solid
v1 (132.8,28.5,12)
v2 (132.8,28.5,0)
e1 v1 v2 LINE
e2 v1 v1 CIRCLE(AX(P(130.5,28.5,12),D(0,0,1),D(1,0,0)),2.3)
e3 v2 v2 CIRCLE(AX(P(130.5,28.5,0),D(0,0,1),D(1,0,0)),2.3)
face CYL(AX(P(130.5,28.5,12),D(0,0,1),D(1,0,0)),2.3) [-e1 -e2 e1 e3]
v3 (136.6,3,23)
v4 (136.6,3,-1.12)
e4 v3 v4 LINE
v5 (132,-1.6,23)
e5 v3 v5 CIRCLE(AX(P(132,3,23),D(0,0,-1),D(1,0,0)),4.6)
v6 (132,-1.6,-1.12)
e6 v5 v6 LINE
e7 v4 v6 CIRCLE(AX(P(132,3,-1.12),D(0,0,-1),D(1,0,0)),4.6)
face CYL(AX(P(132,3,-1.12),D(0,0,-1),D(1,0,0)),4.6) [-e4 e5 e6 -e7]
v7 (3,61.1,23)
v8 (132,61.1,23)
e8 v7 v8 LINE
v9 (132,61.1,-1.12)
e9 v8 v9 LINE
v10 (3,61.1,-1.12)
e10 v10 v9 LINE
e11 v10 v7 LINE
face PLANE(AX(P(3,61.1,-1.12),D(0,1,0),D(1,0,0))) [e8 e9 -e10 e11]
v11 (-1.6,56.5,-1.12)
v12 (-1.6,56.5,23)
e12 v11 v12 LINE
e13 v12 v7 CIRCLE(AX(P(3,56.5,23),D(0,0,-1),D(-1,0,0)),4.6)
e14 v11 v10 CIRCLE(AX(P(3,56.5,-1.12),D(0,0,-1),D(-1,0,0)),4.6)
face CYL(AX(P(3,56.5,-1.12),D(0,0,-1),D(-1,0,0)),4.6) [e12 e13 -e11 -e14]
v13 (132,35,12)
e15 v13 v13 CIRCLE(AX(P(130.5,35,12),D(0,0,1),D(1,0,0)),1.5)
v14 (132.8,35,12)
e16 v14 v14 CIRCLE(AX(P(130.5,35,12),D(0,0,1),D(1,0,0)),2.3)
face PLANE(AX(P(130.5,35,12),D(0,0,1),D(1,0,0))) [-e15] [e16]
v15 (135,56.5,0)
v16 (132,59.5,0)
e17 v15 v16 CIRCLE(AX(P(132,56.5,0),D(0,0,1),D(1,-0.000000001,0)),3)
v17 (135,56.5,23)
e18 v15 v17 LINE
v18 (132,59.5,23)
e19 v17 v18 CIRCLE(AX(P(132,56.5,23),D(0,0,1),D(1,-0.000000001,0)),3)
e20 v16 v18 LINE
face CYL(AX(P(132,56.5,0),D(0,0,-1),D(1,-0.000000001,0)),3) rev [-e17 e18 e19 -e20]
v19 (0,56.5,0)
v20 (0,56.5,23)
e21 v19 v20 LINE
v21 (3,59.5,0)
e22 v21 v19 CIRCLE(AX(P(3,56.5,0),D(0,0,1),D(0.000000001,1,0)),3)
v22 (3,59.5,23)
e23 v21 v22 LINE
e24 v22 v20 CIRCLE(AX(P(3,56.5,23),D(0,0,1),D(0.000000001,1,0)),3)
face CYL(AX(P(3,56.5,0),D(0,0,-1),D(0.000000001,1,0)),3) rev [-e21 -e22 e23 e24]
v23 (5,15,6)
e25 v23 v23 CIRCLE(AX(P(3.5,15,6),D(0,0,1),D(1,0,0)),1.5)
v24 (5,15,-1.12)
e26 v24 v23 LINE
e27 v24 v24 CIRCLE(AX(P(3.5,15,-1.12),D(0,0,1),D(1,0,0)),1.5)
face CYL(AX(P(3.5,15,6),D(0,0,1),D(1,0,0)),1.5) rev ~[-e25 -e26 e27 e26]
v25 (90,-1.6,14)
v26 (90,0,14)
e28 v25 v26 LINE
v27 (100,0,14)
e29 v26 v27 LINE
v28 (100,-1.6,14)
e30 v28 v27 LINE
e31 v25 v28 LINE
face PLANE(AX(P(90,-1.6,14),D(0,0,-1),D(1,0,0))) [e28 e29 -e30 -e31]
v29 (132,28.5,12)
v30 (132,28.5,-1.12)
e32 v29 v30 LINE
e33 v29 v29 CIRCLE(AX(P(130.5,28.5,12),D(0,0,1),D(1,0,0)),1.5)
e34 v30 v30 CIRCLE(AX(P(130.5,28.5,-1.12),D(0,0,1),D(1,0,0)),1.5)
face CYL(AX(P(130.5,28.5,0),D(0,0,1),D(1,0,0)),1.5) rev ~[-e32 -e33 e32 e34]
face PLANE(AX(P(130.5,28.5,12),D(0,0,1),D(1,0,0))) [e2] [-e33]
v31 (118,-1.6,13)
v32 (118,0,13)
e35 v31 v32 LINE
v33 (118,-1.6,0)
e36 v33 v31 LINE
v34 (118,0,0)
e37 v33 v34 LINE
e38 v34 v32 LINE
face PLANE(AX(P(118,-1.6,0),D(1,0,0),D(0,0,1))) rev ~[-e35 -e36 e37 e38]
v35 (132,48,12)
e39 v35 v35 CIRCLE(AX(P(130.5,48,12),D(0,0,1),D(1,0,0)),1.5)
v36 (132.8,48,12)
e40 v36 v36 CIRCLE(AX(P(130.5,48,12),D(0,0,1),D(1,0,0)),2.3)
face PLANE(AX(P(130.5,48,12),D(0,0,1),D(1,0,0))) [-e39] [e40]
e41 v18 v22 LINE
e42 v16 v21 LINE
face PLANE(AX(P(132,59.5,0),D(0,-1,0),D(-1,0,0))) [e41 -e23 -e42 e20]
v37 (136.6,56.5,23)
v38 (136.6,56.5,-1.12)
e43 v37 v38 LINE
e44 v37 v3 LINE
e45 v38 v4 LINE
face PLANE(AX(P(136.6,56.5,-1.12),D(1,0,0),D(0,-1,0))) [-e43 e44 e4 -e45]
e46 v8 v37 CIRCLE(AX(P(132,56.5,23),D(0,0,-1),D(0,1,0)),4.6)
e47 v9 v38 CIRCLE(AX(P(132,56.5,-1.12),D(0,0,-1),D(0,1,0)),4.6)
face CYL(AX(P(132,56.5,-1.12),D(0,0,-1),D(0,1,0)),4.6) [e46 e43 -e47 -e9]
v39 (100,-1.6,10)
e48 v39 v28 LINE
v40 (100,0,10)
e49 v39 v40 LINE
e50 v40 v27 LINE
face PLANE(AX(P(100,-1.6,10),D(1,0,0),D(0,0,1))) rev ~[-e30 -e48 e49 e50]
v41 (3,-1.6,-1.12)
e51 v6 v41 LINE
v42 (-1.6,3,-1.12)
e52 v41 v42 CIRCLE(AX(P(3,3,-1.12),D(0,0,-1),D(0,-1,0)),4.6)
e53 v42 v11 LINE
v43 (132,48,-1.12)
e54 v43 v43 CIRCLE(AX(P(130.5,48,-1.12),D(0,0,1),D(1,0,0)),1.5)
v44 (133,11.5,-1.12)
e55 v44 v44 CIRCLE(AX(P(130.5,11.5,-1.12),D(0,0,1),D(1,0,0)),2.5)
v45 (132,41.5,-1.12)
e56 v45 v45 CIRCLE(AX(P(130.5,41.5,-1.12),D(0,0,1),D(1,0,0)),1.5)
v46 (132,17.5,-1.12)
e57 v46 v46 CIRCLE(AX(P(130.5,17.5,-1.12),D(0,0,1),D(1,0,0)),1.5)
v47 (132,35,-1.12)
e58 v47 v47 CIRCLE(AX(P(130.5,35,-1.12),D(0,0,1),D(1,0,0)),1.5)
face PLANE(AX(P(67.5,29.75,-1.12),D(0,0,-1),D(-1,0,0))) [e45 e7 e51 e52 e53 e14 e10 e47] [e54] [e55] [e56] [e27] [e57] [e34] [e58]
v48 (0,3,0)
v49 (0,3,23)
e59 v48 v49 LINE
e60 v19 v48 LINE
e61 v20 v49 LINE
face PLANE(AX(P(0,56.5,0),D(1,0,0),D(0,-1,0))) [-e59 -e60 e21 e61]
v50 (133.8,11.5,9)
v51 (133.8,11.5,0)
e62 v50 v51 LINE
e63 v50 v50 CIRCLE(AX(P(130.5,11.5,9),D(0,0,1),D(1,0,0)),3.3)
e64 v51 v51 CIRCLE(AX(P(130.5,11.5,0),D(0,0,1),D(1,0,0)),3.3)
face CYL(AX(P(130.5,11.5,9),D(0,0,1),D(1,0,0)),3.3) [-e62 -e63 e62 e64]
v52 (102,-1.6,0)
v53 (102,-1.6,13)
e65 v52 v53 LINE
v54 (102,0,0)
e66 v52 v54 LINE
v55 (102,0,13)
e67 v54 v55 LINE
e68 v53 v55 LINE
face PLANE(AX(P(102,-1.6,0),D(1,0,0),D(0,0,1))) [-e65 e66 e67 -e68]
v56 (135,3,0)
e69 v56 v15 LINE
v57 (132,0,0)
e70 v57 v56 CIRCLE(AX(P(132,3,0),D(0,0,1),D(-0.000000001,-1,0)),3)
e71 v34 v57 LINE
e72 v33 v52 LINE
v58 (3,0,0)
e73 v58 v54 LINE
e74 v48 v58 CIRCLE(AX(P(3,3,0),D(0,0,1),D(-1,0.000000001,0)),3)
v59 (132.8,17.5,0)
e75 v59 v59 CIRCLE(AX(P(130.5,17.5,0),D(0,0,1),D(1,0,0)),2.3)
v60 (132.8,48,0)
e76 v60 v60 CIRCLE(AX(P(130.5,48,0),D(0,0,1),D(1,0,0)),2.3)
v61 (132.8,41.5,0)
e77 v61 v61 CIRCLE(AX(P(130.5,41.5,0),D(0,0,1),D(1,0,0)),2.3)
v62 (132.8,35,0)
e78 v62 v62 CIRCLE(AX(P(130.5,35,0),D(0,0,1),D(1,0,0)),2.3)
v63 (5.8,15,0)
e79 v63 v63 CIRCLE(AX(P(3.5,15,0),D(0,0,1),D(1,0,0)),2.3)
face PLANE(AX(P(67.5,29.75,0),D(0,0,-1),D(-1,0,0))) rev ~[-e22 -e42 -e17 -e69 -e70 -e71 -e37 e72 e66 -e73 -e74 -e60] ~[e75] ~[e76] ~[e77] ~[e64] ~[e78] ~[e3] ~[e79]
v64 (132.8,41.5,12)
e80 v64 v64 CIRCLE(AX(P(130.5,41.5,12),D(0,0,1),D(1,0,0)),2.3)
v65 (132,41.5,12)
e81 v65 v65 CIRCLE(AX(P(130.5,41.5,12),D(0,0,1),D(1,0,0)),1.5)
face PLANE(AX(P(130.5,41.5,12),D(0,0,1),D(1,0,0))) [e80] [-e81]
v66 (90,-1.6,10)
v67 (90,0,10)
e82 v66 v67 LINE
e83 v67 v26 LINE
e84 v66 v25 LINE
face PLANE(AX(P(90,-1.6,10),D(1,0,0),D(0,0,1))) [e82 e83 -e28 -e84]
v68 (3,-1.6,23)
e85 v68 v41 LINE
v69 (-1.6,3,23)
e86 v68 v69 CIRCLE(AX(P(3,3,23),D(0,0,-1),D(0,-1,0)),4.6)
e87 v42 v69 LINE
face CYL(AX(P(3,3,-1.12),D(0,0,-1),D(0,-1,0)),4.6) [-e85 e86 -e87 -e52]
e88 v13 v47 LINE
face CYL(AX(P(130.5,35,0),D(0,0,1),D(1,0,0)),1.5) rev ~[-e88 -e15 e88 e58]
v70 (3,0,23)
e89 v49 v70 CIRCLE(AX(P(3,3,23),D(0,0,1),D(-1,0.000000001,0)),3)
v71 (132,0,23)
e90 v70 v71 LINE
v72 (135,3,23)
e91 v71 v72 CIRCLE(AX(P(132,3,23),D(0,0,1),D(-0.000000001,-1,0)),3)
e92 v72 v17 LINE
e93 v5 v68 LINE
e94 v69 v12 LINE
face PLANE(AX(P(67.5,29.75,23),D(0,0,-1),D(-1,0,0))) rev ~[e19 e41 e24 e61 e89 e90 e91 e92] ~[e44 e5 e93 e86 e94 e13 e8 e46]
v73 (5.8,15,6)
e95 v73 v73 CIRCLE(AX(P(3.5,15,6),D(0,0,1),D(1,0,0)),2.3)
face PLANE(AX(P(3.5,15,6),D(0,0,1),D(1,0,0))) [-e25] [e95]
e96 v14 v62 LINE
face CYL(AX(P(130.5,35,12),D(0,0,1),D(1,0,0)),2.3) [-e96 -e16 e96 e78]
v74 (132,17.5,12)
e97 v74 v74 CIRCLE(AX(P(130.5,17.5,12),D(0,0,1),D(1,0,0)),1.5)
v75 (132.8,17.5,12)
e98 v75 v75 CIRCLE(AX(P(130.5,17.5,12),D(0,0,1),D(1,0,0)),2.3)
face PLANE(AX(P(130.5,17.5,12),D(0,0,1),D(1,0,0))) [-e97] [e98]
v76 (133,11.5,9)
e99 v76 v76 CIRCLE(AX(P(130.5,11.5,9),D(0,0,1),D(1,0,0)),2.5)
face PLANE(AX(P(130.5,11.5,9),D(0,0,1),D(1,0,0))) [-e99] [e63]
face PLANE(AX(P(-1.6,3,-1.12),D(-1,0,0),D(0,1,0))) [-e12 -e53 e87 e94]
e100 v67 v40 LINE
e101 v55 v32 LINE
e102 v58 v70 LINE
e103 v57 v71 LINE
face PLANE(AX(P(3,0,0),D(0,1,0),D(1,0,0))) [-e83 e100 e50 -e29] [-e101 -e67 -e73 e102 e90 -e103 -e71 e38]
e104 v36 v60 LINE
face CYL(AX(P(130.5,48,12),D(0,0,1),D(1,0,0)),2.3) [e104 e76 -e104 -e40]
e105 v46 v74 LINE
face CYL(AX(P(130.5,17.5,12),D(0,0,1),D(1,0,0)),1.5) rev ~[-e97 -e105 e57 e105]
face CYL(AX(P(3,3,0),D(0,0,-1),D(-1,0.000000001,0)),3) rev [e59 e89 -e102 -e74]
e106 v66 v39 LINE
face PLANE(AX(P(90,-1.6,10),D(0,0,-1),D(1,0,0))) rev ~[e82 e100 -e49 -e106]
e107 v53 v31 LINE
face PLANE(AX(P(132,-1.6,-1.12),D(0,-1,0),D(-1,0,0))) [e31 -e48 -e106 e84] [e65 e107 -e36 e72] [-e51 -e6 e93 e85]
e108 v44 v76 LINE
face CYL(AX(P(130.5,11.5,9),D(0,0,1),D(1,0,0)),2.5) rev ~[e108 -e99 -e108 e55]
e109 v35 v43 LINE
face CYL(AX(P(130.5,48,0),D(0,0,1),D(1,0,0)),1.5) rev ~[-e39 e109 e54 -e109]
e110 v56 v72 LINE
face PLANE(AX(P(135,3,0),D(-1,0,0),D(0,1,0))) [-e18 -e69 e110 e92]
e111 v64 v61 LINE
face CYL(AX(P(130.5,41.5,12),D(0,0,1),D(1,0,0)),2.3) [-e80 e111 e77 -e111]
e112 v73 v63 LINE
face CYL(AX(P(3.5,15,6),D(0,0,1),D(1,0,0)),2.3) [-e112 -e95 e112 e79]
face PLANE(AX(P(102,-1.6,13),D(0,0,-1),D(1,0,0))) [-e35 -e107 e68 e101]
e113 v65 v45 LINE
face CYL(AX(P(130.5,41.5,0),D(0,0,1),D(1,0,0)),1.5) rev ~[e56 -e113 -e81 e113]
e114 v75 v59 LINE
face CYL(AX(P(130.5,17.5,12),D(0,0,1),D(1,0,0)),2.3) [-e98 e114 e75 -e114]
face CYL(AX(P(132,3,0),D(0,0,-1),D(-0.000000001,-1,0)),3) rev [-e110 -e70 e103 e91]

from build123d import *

# Parameters (mm, degrees)
PARED_DEPTH             = 23
CONECTORES_REACH        = 154.052
CROQUIS2_W              = 16
CROQUIS2_H              = 13
CROQUIS2_W_2            = 10
CROQUIS2_H_2            = 4
BASE_START              = -1.12
BASE_FRENTE_DEPTH       = 1.12
LUCES_REACH             = 153.399
CROQUIS3_R              = 1.5
CROQUIS3_R_2            = 2.5
SALIENTE_EXTRUIR1_START = 12
CROQUIS3_3_R            = 2.3
CROQUIS3_3_R_2          = 1.5
SALIENTE_EXTRUIR1_DEPTH = 12
SALIENTE_EXTRUIR2_START = 9
CROQUIS3_4_R            = 3.3
CROQUIS3_4_R_2          = 2.5
SALIENTE_EXTRUIR2_DEPTH = 9
SALIENTE_EXTRUIR3_START = 6
CROQUIS3_5_R            = 2.3
CROQUIS3_5_R_2          = 1.5
SALIENTE_EXTRUIR3_DEPTH = 6


with BuildPart() as part:
    # Croquis1 → pared (new body)
    with BuildSketch(Plane.XY):
        with BuildLine():
            Line((3, 61.1), (132, 61.1))
            ThreePointArc((132, 61.1), (135.252691193, 59.752691193), (136.6, 56.5))
            Line((136.6, 56.5), (136.6, 3))
            ThreePointArc((136.6, 3), (135.252691193, -0.252691193), (132, -1.6))
            Line((132, -1.6), (3, -1.6))
            ThreePointArc((3, -1.6), (-0.252691193, -0.252691193), (-1.6, 3))
            Line((-1.6, 3), (-1.6, 56.5))
            ThreePointArc((-1.6, 56.5), (-0.252691193, 59.752691193), (3, 61.1))
        make_face()
        with BuildLine():
            Line((3, 0), (132, 0))
            ThreePointArc((132, 0), (134.121320344, 0.878679656), (135, 3))
            Line((135, 3), (135, 56.5))
            ThreePointArc((135, 56.5), (134.121320344, 58.621320344), (132, 59.5))
            Line((132, 59.5), (3, 59.5))
            ThreePointArc((3, 59.5), (0.878679656, 58.621320344), (0, 56.5))
            Line((0, 56.5), (0, 3))
            ThreePointArc((0, 3), (0.878679656, 0.878679656), (3, 0))
        make_face(mode=Mode.SUBTRACT)
    extrude(amount=PARED_DEPTH)

    # Croquis2 → conectores (cut, up to next)
    with BuildSketch(Plane.XZ.offset(1.6), mode=Mode.PRIVATE) as conectores_sk1:
        with Locations((110, 6.5)):
            Rectangle(CROQUIS2_W, CROQUIS2_H)
    conectores_tool1 = extrude(conectores_sk1.sketch, amount=-CONECTORES_REACH, mode=Mode.PRIVATE) & part.part
    # Croquis2 → conectores (cut, up to next)
    with BuildSketch(Plane.XZ.offset(1.6), mode=Mode.PRIVATE) as conectores_sk2:
        with Locations((95, 12)):
            Rectangle(CROQUIS2_W_2, CROQUIS2_H_2)
    conectores_tool2 = extrude(conectores_sk2.sketch, amount=-CONECTORES_REACH, mode=Mode.PRIVATE) & part.part
    add(conectores_tool1.solids().sort_by_distance((110, -1.6, 6.5))[0], mode=Mode.SUBTRACT)
    add(conectores_tool2.solids().sort_by_distance((95, -1.6, 12))[0], mode=Mode.SUBTRACT)

    # Croquis1<2> → base frente (add)
    with BuildSketch(Plane.XY.offset(BASE_START)):
        with BuildLine():
            Line((3, 61.1), (132, 61.1))
            ThreePointArc((132, 61.1), (135.252691193, 59.752691193), (136.6, 56.5))
            Line((136.6, 56.5), (136.6, 3))
            ThreePointArc((136.6, 3), (135.252691193, -0.252691193), (132, -1.6))
            Line((132, -1.6), (3, -1.6))
            ThreePointArc((3, -1.6), (-0.252691193, -0.252691193), (-1.6, 3))
            Line((-1.6, 3), (-1.6, 56.5))
            ThreePointArc((-1.6, 56.5), (-0.252691193, 59.752691193), (3, 61.1))
        make_face()
    extrude(amount=BASE_FRENTE_DEPTH)

    # Croquis3 → luces (cut, up to next)
    with BuildSketch(Plane.XY, mode=Mode.PRIVATE) as luces_sk1:
        with Locations((130.5, 48)):
            Circle(CROQUIS3_R)
    luces_tool1 = extrude(luces_sk1.sketch, amount=-LUCES_REACH, mode=Mode.PRIVATE) & part.part
    # Croquis3 → luces (cut, up to next)
    with BuildSketch(Plane.XY, mode=Mode.PRIVATE) as luces_sk2:
        with Locations((130.5, 41.5)):
            Circle(CROQUIS3_R)
    luces_tool2 = extrude(luces_sk2.sketch, amount=-LUCES_REACH, mode=Mode.PRIVATE) & part.part
    # Croquis3 → luces (cut, up to next)
    with BuildSketch(Plane.XY, mode=Mode.PRIVATE) as luces_sk3:
        with Locations((130.5, 35)):
            Circle(CROQUIS3_R)
    luces_tool3 = extrude(luces_sk3.sketch, amount=-LUCES_REACH, mode=Mode.PRIVATE) & part.part
    # Croquis3 → luces (cut, up to next)
    with BuildSketch(Plane.XY, mode=Mode.PRIVATE) as luces_sk4:
        with Locations((130.5, 28.5)):
            Circle(CROQUIS3_R)
    luces_tool4 = extrude(luces_sk4.sketch, amount=-LUCES_REACH, mode=Mode.PRIVATE) & part.part
    # Croquis3 → luces (cut, up to next)
    with BuildSketch(Plane.XY, mode=Mode.PRIVATE) as luces_sk5:
        with Locations((130.5, 17.5)):
            Circle(CROQUIS3_R)
    luces_tool5 = extrude(luces_sk5.sketch, amount=-LUCES_REACH, mode=Mode.PRIVATE) & part.part
    # Croquis3 → luces (cut, up to next)
    with BuildSketch(Plane.XY, mode=Mode.PRIVATE) as luces_sk6:
        with Locations((130.5, 11.5)):
            Circle(CROQUIS3_R_2)
    luces_tool6 = extrude(luces_sk6.sketch, amount=-LUCES_REACH, mode=Mode.PRIVATE) & part.part
    # Croquis3 → luces (cut, up to next)
    with BuildSketch(Plane.XY, mode=Mode.PRIVATE) as luces_sk7:
        with Locations((3.5, 15)):
            Circle(CROQUIS3_R)
    luces_tool7 = extrude(luces_sk7.sketch, amount=-LUCES_REACH, mode=Mode.PRIVATE) & part.part
    add(luces_tool1.solids().sort_by_distance((130.5, 48, 0))[0], mode=Mode.SUBTRACT)
    add(luces_tool2.solids().sort_by_distance((130.5, 41.5, 0))[0], mode=Mode.SUBTRACT)
    add(luces_tool3.solids().sort_by_distance((130.5, 35, 0))[0], mode=Mode.SUBTRACT)
    add(luces_tool4.solids().sort_by_distance((130.5, 28.5, 0))[0], mode=Mode.SUBTRACT)
    add(luces_tool5.solids().sort_by_distance((130.5, 17.5, 0))[0], mode=Mode.SUBTRACT)
    add(luces_tool6.solids().sort_by_distance((130.5, 11.5, 0))[0], mode=Mode.SUBTRACT)
    add(luces_tool7.solids().sort_by_distance((3.5, 15, 0))[0], mode=Mode.SUBTRACT)

    # Croquis3<3> → Saliente-Extruir1 (add)
    # profile 1 of 5: a face of its own
    with BuildSketch(Plane.XY.offset(SALIENTE_EXTRUIR1_START)):
        with Locations((130.5, 17.5)):
            Circle(CROQUIS3_3_R)
        with Locations((130.5, 17.5)):
            Circle(CROQUIS3_3_R_2, mode=Mode.SUBTRACT)
    # profile 2 of 5: a face of its own
    with BuildSketch(Plane.XY.offset(SALIENTE_EXTRUIR1_START)):
        with Locations((130.5, 28.5)):
            Circle(CROQUIS3_3_R)
        with Locations((130.5, 28.5)):
            Circle(CROQUIS3_3_R_2, mode=Mode.SUBTRACT)
    # profile 3 of 5: a face of its own
    with BuildSketch(Plane.XY.offset(SALIENTE_EXTRUIR1_START)):
        with Locations((130.5, 35)):
            Circle(CROQUIS3_3_R)
        with Locations((130.5, 35)):
            Circle(CROQUIS3_3_R_2, mode=Mode.SUBTRACT)
    # profile 4 of 5: a face of its own
    with BuildSketch(Plane.XY.offset(SALIENTE_EXTRUIR1_START)):
        with Locations((130.5, 41.5)):
            Circle(CROQUIS3_3_R)
        with Locations((130.5, 41.5)):
            Circle(CROQUIS3_3_R_2, mode=Mode.SUBTRACT)
    # profile 5 of 5: a face of its own
    with BuildSketch(Plane.XY.offset(SALIENTE_EXTRUIR1_START)):
        with Locations((130.5, 48)):
            Circle(CROQUIS3_3_R)
        with Locations((130.5, 48)):
            Circle(CROQUIS3_3_R_2, mode=Mode.SUBTRACT)
    extrude(amount=-SALIENTE_EXTRUIR1_DEPTH)

    # Croquis3<4> → Saliente-Extruir2 (add)
    with BuildSketch(Plane.XY.offset(SALIENTE_EXTRUIR2_START)):
        with Locations((130.5, 11.5)):
            Circle(CROQUIS3_4_R)
        with Locations((130.5, 11.5)):
            Circle(CROQUIS3_4_R_2, mode=Mode.SUBTRACT)
    extrude(amount=-SALIENTE_EXTRUIR2_DEPTH)

    # Croquis3<5> → Saliente-Extruir3 (add)
    with BuildSketch(Plane.XY.offset(SALIENTE_EXTRUIR3_START)):
        with Locations((3.5, 15)):
            Circle(CROQUIS3_5_R)
        with Locations((3.5, 15)):
            Circle(CROQUIS3_5_R_2, mode=Mode.SUBTRACT)
    extrude(amount=-SALIENTE_EXTRUIR3_DEPTH)


solid = part.part
